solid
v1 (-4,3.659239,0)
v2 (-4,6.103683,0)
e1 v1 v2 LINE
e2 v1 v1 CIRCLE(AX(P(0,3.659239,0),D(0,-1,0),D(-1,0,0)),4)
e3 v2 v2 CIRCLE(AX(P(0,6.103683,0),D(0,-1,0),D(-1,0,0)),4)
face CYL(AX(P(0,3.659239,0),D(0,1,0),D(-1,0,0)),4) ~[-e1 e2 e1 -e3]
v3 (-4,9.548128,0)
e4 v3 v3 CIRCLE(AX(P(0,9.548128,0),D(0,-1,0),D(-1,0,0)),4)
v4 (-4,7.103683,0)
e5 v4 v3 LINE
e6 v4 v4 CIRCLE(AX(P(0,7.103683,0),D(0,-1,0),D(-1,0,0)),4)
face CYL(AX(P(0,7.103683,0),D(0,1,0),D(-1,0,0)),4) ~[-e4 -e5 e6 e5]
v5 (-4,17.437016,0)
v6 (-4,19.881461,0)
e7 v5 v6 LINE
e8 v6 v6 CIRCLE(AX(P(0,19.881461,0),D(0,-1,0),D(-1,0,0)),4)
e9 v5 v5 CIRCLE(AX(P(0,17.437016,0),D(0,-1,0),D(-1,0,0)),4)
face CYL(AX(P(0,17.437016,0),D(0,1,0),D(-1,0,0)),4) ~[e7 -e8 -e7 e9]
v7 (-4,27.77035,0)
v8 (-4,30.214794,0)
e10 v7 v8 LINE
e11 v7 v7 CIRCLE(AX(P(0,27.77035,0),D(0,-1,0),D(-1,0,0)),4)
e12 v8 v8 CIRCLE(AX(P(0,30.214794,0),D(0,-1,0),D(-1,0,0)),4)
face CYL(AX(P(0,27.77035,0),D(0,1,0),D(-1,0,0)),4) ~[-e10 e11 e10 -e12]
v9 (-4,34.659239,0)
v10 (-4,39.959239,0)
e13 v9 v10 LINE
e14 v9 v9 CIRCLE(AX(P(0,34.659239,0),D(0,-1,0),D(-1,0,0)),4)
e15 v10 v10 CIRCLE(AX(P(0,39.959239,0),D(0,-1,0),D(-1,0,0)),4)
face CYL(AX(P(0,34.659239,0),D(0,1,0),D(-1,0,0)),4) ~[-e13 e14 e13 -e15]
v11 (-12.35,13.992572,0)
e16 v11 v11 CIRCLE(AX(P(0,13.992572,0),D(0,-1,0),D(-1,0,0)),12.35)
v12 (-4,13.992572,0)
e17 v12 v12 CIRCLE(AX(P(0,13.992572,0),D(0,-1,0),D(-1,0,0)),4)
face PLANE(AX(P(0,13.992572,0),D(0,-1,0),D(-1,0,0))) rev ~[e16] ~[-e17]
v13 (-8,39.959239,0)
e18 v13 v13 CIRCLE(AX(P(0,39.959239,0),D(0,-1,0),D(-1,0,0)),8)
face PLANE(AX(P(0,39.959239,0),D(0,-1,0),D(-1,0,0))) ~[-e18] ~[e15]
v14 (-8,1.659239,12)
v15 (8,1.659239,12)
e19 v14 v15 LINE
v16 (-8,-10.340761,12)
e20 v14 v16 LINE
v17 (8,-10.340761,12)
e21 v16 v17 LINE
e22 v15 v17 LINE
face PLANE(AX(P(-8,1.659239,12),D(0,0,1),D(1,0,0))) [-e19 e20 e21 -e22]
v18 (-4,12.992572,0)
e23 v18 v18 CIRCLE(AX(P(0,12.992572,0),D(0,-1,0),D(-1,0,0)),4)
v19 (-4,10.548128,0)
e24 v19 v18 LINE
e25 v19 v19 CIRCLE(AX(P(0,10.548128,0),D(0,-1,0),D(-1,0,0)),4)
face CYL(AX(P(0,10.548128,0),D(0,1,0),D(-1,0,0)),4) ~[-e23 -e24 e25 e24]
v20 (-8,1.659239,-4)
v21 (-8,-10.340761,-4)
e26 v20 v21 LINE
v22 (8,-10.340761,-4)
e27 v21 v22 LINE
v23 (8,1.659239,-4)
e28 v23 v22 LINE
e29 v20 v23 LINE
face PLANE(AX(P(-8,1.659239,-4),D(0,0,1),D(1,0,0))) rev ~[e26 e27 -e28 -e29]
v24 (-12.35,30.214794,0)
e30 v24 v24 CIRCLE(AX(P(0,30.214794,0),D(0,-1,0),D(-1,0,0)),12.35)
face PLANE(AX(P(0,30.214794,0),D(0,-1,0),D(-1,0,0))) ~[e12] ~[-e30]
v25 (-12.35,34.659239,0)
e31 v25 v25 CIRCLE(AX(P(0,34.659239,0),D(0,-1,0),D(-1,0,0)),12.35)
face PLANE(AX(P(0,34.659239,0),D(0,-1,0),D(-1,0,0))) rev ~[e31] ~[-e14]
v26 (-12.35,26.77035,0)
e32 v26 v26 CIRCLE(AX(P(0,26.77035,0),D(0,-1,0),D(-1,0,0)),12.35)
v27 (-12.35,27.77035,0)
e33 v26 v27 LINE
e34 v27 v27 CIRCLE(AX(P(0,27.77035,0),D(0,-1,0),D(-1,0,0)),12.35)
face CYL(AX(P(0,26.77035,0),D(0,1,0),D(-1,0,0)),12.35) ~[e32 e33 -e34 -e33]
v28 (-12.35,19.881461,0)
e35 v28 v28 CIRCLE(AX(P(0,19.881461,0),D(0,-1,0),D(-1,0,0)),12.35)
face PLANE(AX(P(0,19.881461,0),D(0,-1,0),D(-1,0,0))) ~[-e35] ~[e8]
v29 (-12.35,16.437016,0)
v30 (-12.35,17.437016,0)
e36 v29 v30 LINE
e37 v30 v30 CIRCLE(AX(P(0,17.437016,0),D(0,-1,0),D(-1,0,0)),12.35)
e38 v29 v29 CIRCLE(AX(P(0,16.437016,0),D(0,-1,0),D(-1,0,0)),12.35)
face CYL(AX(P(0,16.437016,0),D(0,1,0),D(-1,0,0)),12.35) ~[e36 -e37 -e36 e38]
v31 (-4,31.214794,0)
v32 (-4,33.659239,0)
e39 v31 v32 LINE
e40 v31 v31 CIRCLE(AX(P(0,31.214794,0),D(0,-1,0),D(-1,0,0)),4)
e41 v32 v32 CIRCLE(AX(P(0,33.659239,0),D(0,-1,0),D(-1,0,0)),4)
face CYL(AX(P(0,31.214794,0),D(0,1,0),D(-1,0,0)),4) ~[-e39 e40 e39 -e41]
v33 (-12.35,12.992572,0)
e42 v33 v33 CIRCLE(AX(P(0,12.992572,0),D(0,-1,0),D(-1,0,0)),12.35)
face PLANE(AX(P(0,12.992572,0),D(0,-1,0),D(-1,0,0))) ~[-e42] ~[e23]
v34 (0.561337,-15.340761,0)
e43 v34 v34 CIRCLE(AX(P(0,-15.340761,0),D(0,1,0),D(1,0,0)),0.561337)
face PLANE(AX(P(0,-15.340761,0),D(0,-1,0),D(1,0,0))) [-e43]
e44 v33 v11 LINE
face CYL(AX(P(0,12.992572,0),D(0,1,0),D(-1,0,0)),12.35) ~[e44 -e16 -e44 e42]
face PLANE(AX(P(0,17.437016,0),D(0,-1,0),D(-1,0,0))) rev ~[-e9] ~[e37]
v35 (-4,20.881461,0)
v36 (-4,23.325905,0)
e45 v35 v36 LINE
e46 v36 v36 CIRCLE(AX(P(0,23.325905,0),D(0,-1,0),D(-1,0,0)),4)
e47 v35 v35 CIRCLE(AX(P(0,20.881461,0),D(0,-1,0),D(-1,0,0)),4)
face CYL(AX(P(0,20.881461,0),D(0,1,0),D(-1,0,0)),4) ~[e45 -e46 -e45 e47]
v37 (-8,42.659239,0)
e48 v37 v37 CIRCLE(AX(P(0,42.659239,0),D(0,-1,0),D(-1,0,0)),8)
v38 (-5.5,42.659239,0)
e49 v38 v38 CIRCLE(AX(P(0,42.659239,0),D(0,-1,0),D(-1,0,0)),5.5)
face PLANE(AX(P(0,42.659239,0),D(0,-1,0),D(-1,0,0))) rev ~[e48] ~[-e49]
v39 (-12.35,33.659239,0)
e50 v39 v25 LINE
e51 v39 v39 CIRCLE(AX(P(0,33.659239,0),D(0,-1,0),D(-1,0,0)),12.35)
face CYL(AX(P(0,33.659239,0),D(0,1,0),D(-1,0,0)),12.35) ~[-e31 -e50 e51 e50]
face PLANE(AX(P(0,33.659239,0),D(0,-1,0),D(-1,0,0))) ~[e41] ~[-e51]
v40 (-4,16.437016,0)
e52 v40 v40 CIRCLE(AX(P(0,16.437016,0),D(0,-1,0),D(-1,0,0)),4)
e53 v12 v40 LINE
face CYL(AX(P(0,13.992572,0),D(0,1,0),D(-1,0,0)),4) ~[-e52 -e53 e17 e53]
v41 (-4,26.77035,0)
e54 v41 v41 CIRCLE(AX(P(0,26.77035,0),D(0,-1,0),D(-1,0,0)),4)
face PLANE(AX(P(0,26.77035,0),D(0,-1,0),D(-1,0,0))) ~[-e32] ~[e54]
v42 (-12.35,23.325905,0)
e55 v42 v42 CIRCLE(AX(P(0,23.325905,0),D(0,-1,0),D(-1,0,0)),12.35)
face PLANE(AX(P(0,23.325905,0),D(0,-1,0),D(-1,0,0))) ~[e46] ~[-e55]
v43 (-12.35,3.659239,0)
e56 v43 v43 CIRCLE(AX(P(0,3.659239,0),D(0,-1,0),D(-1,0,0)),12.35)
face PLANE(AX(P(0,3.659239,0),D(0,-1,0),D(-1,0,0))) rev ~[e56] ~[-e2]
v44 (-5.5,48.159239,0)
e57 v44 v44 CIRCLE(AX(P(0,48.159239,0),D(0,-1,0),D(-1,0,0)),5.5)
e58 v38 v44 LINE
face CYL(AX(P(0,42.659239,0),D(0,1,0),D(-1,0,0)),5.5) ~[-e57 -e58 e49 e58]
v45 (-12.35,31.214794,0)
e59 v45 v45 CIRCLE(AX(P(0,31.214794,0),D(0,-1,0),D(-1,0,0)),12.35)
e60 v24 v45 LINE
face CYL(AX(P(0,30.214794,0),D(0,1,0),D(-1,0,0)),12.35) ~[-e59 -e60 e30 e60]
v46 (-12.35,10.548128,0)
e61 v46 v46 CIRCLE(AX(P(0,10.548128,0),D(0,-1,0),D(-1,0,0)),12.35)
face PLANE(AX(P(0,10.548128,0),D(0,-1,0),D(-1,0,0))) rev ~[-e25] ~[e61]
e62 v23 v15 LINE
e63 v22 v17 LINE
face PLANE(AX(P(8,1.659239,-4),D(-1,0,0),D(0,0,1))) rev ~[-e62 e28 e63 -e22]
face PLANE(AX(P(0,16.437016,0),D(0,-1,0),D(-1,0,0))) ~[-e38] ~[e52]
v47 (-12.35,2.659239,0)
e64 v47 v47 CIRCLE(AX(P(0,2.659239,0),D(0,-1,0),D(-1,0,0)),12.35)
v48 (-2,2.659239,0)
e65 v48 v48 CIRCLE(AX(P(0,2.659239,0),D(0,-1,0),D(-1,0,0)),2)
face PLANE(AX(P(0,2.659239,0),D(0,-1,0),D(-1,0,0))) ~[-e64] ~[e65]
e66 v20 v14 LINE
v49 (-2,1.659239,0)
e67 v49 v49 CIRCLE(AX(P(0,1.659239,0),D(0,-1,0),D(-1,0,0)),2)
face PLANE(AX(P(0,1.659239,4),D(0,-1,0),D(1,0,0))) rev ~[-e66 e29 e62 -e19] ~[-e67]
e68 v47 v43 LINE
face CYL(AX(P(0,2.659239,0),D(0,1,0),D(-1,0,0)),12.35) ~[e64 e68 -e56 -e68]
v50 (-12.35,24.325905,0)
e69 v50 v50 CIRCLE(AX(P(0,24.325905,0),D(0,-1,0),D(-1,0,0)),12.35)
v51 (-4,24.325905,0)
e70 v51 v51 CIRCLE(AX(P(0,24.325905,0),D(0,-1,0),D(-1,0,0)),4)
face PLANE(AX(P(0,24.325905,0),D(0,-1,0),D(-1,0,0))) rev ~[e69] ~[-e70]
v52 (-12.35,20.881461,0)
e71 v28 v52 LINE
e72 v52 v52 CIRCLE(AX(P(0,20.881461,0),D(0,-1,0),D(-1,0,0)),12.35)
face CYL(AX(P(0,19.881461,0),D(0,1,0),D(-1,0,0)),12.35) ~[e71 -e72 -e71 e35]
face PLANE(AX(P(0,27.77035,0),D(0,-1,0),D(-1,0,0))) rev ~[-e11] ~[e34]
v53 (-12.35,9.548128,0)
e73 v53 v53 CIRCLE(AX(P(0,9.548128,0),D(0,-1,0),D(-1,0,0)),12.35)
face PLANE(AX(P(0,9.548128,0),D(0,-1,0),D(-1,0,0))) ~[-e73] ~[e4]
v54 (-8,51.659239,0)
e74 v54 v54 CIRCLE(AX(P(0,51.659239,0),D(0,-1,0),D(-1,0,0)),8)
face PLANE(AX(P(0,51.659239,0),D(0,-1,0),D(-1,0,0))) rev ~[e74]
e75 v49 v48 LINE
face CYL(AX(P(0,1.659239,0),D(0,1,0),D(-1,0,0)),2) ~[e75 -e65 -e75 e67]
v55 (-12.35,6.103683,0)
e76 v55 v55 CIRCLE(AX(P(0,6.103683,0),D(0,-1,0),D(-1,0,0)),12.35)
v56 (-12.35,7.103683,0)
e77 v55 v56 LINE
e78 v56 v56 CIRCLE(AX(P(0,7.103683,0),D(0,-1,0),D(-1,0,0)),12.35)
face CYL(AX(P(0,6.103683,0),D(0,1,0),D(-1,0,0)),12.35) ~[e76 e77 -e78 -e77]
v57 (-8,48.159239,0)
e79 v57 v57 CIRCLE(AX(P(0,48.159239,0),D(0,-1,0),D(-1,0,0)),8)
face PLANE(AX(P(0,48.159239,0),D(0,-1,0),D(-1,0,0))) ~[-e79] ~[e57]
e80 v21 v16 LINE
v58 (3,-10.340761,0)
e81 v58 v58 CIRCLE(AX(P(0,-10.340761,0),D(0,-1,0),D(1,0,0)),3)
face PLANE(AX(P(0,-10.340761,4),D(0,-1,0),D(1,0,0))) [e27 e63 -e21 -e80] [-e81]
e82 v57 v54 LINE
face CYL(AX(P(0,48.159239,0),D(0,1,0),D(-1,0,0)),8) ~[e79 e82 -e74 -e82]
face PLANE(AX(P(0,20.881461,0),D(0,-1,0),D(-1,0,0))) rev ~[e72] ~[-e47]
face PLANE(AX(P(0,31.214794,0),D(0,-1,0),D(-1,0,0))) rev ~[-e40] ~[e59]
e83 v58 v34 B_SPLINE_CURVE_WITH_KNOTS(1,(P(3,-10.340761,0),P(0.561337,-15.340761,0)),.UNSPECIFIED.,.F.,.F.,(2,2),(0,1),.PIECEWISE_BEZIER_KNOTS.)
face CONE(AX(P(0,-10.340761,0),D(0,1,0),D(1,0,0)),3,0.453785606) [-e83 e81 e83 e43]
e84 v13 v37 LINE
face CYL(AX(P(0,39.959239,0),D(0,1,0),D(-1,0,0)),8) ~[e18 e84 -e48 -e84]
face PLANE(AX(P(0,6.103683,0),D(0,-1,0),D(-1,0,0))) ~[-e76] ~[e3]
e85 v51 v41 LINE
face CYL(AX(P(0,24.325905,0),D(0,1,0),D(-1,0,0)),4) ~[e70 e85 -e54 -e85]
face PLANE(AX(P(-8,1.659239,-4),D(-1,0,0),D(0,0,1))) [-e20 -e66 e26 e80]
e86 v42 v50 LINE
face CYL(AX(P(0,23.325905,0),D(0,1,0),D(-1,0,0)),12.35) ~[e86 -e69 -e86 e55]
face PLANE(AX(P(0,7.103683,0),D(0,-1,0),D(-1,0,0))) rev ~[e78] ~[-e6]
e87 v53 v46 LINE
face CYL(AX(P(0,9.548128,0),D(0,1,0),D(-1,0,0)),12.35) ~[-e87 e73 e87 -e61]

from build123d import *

# Parameters (mm, degrees)
ESBO_O3_W                = 16
ESBO_O3_H                = 16
RESSALTO_EXTRUS_O1_DEPTH = 12
ESBO_O4_R                = 3
RESSALTO_EXTRUS_O2_DEPTH = 5
RESSALTO_EXTRUS_O2_TAPER = 26


with BuildPart() as part:
    # Esboço1 → Revolução1 (revolve)
    with BuildSketch(Plane.XY, mode=Mode.PRIVATE) as revolu_o1_sk:
        Polygon((0, 51.659238703), (0, 1.659238703), (2, 1.659238703), (2, 2.659238703), (12.35, 2.659238703), (12.35, 3.659238703), (4, 3.659238703), (4, 6.103683147), (12.35, 6.103683147), (12.35, 7.103683147), (4, 7.103683147), (4, 9.548127592), (12.35, 9.548127592), (12.35, 10.548127592), (4, 10.548127592), (4, 12.992572036), (12.35, 12.992572036), (12.35, 13.992572036), (4, 13.992572036), (4, 16.437016481), (12.35, 16.437016481), (12.35, 17.437016481), (4, 17.437016481), (4, 19.881460925), (12.35, 19.881460925), (12.35, 20.881460925), (4, 20.881460925), (4, 23.32590537), (12.35, 23.32590537), (12.35, 24.32590537), (4, 24.32590537), (4, 26.770349814), (12.35, 26.770349814), (12.35, 27.770349814), (4, 27.770349814), (4, 30.214794259), (12.35, 30.214794259), (12.35, 31.214794259), (4, 31.214794259), (4, 33.659238703), (12.35, 33.659238703), (12.35, 34.659238703), (4, 34.659238703), (4, 39.959238703), (8, 39.959238703), (8, 42.659238703), (5.5, 42.659238703), (5.5, 48.159238703), (8, 48.159238703), (8, 51.659238703), align=None)
    revolve(revolu_o1_sk.sketch.rotate(Axis((0, 51.659238703, 0), (0, -1, 0)), 180), axis=Axis((0, 51.659238703, 0), (0, -1, 0)))

    # Esboço3 → Ressalto-extrusão1 (add)
    with BuildSketch(Plane.XZ.offset(-1.659238703)):
        with Locations((0, 4)):
            Rectangle(ESBO_O3_W, ESBO_O3_H)
    extrude(amount=RESSALTO_EXTRUS_O1_DEPTH)

    # Esboço4 → Ressalto-extrusão2 (add)
    with BuildSketch(Plane.XZ.offset(10.340761297)):
        Circle(ESBO_O4_R)
    extrude(amount=RESSALTO_EXTRUS_O2_DEPTH, taper=RESSALTO_EXTRUS_O2_TAPER)


solid = part.part
